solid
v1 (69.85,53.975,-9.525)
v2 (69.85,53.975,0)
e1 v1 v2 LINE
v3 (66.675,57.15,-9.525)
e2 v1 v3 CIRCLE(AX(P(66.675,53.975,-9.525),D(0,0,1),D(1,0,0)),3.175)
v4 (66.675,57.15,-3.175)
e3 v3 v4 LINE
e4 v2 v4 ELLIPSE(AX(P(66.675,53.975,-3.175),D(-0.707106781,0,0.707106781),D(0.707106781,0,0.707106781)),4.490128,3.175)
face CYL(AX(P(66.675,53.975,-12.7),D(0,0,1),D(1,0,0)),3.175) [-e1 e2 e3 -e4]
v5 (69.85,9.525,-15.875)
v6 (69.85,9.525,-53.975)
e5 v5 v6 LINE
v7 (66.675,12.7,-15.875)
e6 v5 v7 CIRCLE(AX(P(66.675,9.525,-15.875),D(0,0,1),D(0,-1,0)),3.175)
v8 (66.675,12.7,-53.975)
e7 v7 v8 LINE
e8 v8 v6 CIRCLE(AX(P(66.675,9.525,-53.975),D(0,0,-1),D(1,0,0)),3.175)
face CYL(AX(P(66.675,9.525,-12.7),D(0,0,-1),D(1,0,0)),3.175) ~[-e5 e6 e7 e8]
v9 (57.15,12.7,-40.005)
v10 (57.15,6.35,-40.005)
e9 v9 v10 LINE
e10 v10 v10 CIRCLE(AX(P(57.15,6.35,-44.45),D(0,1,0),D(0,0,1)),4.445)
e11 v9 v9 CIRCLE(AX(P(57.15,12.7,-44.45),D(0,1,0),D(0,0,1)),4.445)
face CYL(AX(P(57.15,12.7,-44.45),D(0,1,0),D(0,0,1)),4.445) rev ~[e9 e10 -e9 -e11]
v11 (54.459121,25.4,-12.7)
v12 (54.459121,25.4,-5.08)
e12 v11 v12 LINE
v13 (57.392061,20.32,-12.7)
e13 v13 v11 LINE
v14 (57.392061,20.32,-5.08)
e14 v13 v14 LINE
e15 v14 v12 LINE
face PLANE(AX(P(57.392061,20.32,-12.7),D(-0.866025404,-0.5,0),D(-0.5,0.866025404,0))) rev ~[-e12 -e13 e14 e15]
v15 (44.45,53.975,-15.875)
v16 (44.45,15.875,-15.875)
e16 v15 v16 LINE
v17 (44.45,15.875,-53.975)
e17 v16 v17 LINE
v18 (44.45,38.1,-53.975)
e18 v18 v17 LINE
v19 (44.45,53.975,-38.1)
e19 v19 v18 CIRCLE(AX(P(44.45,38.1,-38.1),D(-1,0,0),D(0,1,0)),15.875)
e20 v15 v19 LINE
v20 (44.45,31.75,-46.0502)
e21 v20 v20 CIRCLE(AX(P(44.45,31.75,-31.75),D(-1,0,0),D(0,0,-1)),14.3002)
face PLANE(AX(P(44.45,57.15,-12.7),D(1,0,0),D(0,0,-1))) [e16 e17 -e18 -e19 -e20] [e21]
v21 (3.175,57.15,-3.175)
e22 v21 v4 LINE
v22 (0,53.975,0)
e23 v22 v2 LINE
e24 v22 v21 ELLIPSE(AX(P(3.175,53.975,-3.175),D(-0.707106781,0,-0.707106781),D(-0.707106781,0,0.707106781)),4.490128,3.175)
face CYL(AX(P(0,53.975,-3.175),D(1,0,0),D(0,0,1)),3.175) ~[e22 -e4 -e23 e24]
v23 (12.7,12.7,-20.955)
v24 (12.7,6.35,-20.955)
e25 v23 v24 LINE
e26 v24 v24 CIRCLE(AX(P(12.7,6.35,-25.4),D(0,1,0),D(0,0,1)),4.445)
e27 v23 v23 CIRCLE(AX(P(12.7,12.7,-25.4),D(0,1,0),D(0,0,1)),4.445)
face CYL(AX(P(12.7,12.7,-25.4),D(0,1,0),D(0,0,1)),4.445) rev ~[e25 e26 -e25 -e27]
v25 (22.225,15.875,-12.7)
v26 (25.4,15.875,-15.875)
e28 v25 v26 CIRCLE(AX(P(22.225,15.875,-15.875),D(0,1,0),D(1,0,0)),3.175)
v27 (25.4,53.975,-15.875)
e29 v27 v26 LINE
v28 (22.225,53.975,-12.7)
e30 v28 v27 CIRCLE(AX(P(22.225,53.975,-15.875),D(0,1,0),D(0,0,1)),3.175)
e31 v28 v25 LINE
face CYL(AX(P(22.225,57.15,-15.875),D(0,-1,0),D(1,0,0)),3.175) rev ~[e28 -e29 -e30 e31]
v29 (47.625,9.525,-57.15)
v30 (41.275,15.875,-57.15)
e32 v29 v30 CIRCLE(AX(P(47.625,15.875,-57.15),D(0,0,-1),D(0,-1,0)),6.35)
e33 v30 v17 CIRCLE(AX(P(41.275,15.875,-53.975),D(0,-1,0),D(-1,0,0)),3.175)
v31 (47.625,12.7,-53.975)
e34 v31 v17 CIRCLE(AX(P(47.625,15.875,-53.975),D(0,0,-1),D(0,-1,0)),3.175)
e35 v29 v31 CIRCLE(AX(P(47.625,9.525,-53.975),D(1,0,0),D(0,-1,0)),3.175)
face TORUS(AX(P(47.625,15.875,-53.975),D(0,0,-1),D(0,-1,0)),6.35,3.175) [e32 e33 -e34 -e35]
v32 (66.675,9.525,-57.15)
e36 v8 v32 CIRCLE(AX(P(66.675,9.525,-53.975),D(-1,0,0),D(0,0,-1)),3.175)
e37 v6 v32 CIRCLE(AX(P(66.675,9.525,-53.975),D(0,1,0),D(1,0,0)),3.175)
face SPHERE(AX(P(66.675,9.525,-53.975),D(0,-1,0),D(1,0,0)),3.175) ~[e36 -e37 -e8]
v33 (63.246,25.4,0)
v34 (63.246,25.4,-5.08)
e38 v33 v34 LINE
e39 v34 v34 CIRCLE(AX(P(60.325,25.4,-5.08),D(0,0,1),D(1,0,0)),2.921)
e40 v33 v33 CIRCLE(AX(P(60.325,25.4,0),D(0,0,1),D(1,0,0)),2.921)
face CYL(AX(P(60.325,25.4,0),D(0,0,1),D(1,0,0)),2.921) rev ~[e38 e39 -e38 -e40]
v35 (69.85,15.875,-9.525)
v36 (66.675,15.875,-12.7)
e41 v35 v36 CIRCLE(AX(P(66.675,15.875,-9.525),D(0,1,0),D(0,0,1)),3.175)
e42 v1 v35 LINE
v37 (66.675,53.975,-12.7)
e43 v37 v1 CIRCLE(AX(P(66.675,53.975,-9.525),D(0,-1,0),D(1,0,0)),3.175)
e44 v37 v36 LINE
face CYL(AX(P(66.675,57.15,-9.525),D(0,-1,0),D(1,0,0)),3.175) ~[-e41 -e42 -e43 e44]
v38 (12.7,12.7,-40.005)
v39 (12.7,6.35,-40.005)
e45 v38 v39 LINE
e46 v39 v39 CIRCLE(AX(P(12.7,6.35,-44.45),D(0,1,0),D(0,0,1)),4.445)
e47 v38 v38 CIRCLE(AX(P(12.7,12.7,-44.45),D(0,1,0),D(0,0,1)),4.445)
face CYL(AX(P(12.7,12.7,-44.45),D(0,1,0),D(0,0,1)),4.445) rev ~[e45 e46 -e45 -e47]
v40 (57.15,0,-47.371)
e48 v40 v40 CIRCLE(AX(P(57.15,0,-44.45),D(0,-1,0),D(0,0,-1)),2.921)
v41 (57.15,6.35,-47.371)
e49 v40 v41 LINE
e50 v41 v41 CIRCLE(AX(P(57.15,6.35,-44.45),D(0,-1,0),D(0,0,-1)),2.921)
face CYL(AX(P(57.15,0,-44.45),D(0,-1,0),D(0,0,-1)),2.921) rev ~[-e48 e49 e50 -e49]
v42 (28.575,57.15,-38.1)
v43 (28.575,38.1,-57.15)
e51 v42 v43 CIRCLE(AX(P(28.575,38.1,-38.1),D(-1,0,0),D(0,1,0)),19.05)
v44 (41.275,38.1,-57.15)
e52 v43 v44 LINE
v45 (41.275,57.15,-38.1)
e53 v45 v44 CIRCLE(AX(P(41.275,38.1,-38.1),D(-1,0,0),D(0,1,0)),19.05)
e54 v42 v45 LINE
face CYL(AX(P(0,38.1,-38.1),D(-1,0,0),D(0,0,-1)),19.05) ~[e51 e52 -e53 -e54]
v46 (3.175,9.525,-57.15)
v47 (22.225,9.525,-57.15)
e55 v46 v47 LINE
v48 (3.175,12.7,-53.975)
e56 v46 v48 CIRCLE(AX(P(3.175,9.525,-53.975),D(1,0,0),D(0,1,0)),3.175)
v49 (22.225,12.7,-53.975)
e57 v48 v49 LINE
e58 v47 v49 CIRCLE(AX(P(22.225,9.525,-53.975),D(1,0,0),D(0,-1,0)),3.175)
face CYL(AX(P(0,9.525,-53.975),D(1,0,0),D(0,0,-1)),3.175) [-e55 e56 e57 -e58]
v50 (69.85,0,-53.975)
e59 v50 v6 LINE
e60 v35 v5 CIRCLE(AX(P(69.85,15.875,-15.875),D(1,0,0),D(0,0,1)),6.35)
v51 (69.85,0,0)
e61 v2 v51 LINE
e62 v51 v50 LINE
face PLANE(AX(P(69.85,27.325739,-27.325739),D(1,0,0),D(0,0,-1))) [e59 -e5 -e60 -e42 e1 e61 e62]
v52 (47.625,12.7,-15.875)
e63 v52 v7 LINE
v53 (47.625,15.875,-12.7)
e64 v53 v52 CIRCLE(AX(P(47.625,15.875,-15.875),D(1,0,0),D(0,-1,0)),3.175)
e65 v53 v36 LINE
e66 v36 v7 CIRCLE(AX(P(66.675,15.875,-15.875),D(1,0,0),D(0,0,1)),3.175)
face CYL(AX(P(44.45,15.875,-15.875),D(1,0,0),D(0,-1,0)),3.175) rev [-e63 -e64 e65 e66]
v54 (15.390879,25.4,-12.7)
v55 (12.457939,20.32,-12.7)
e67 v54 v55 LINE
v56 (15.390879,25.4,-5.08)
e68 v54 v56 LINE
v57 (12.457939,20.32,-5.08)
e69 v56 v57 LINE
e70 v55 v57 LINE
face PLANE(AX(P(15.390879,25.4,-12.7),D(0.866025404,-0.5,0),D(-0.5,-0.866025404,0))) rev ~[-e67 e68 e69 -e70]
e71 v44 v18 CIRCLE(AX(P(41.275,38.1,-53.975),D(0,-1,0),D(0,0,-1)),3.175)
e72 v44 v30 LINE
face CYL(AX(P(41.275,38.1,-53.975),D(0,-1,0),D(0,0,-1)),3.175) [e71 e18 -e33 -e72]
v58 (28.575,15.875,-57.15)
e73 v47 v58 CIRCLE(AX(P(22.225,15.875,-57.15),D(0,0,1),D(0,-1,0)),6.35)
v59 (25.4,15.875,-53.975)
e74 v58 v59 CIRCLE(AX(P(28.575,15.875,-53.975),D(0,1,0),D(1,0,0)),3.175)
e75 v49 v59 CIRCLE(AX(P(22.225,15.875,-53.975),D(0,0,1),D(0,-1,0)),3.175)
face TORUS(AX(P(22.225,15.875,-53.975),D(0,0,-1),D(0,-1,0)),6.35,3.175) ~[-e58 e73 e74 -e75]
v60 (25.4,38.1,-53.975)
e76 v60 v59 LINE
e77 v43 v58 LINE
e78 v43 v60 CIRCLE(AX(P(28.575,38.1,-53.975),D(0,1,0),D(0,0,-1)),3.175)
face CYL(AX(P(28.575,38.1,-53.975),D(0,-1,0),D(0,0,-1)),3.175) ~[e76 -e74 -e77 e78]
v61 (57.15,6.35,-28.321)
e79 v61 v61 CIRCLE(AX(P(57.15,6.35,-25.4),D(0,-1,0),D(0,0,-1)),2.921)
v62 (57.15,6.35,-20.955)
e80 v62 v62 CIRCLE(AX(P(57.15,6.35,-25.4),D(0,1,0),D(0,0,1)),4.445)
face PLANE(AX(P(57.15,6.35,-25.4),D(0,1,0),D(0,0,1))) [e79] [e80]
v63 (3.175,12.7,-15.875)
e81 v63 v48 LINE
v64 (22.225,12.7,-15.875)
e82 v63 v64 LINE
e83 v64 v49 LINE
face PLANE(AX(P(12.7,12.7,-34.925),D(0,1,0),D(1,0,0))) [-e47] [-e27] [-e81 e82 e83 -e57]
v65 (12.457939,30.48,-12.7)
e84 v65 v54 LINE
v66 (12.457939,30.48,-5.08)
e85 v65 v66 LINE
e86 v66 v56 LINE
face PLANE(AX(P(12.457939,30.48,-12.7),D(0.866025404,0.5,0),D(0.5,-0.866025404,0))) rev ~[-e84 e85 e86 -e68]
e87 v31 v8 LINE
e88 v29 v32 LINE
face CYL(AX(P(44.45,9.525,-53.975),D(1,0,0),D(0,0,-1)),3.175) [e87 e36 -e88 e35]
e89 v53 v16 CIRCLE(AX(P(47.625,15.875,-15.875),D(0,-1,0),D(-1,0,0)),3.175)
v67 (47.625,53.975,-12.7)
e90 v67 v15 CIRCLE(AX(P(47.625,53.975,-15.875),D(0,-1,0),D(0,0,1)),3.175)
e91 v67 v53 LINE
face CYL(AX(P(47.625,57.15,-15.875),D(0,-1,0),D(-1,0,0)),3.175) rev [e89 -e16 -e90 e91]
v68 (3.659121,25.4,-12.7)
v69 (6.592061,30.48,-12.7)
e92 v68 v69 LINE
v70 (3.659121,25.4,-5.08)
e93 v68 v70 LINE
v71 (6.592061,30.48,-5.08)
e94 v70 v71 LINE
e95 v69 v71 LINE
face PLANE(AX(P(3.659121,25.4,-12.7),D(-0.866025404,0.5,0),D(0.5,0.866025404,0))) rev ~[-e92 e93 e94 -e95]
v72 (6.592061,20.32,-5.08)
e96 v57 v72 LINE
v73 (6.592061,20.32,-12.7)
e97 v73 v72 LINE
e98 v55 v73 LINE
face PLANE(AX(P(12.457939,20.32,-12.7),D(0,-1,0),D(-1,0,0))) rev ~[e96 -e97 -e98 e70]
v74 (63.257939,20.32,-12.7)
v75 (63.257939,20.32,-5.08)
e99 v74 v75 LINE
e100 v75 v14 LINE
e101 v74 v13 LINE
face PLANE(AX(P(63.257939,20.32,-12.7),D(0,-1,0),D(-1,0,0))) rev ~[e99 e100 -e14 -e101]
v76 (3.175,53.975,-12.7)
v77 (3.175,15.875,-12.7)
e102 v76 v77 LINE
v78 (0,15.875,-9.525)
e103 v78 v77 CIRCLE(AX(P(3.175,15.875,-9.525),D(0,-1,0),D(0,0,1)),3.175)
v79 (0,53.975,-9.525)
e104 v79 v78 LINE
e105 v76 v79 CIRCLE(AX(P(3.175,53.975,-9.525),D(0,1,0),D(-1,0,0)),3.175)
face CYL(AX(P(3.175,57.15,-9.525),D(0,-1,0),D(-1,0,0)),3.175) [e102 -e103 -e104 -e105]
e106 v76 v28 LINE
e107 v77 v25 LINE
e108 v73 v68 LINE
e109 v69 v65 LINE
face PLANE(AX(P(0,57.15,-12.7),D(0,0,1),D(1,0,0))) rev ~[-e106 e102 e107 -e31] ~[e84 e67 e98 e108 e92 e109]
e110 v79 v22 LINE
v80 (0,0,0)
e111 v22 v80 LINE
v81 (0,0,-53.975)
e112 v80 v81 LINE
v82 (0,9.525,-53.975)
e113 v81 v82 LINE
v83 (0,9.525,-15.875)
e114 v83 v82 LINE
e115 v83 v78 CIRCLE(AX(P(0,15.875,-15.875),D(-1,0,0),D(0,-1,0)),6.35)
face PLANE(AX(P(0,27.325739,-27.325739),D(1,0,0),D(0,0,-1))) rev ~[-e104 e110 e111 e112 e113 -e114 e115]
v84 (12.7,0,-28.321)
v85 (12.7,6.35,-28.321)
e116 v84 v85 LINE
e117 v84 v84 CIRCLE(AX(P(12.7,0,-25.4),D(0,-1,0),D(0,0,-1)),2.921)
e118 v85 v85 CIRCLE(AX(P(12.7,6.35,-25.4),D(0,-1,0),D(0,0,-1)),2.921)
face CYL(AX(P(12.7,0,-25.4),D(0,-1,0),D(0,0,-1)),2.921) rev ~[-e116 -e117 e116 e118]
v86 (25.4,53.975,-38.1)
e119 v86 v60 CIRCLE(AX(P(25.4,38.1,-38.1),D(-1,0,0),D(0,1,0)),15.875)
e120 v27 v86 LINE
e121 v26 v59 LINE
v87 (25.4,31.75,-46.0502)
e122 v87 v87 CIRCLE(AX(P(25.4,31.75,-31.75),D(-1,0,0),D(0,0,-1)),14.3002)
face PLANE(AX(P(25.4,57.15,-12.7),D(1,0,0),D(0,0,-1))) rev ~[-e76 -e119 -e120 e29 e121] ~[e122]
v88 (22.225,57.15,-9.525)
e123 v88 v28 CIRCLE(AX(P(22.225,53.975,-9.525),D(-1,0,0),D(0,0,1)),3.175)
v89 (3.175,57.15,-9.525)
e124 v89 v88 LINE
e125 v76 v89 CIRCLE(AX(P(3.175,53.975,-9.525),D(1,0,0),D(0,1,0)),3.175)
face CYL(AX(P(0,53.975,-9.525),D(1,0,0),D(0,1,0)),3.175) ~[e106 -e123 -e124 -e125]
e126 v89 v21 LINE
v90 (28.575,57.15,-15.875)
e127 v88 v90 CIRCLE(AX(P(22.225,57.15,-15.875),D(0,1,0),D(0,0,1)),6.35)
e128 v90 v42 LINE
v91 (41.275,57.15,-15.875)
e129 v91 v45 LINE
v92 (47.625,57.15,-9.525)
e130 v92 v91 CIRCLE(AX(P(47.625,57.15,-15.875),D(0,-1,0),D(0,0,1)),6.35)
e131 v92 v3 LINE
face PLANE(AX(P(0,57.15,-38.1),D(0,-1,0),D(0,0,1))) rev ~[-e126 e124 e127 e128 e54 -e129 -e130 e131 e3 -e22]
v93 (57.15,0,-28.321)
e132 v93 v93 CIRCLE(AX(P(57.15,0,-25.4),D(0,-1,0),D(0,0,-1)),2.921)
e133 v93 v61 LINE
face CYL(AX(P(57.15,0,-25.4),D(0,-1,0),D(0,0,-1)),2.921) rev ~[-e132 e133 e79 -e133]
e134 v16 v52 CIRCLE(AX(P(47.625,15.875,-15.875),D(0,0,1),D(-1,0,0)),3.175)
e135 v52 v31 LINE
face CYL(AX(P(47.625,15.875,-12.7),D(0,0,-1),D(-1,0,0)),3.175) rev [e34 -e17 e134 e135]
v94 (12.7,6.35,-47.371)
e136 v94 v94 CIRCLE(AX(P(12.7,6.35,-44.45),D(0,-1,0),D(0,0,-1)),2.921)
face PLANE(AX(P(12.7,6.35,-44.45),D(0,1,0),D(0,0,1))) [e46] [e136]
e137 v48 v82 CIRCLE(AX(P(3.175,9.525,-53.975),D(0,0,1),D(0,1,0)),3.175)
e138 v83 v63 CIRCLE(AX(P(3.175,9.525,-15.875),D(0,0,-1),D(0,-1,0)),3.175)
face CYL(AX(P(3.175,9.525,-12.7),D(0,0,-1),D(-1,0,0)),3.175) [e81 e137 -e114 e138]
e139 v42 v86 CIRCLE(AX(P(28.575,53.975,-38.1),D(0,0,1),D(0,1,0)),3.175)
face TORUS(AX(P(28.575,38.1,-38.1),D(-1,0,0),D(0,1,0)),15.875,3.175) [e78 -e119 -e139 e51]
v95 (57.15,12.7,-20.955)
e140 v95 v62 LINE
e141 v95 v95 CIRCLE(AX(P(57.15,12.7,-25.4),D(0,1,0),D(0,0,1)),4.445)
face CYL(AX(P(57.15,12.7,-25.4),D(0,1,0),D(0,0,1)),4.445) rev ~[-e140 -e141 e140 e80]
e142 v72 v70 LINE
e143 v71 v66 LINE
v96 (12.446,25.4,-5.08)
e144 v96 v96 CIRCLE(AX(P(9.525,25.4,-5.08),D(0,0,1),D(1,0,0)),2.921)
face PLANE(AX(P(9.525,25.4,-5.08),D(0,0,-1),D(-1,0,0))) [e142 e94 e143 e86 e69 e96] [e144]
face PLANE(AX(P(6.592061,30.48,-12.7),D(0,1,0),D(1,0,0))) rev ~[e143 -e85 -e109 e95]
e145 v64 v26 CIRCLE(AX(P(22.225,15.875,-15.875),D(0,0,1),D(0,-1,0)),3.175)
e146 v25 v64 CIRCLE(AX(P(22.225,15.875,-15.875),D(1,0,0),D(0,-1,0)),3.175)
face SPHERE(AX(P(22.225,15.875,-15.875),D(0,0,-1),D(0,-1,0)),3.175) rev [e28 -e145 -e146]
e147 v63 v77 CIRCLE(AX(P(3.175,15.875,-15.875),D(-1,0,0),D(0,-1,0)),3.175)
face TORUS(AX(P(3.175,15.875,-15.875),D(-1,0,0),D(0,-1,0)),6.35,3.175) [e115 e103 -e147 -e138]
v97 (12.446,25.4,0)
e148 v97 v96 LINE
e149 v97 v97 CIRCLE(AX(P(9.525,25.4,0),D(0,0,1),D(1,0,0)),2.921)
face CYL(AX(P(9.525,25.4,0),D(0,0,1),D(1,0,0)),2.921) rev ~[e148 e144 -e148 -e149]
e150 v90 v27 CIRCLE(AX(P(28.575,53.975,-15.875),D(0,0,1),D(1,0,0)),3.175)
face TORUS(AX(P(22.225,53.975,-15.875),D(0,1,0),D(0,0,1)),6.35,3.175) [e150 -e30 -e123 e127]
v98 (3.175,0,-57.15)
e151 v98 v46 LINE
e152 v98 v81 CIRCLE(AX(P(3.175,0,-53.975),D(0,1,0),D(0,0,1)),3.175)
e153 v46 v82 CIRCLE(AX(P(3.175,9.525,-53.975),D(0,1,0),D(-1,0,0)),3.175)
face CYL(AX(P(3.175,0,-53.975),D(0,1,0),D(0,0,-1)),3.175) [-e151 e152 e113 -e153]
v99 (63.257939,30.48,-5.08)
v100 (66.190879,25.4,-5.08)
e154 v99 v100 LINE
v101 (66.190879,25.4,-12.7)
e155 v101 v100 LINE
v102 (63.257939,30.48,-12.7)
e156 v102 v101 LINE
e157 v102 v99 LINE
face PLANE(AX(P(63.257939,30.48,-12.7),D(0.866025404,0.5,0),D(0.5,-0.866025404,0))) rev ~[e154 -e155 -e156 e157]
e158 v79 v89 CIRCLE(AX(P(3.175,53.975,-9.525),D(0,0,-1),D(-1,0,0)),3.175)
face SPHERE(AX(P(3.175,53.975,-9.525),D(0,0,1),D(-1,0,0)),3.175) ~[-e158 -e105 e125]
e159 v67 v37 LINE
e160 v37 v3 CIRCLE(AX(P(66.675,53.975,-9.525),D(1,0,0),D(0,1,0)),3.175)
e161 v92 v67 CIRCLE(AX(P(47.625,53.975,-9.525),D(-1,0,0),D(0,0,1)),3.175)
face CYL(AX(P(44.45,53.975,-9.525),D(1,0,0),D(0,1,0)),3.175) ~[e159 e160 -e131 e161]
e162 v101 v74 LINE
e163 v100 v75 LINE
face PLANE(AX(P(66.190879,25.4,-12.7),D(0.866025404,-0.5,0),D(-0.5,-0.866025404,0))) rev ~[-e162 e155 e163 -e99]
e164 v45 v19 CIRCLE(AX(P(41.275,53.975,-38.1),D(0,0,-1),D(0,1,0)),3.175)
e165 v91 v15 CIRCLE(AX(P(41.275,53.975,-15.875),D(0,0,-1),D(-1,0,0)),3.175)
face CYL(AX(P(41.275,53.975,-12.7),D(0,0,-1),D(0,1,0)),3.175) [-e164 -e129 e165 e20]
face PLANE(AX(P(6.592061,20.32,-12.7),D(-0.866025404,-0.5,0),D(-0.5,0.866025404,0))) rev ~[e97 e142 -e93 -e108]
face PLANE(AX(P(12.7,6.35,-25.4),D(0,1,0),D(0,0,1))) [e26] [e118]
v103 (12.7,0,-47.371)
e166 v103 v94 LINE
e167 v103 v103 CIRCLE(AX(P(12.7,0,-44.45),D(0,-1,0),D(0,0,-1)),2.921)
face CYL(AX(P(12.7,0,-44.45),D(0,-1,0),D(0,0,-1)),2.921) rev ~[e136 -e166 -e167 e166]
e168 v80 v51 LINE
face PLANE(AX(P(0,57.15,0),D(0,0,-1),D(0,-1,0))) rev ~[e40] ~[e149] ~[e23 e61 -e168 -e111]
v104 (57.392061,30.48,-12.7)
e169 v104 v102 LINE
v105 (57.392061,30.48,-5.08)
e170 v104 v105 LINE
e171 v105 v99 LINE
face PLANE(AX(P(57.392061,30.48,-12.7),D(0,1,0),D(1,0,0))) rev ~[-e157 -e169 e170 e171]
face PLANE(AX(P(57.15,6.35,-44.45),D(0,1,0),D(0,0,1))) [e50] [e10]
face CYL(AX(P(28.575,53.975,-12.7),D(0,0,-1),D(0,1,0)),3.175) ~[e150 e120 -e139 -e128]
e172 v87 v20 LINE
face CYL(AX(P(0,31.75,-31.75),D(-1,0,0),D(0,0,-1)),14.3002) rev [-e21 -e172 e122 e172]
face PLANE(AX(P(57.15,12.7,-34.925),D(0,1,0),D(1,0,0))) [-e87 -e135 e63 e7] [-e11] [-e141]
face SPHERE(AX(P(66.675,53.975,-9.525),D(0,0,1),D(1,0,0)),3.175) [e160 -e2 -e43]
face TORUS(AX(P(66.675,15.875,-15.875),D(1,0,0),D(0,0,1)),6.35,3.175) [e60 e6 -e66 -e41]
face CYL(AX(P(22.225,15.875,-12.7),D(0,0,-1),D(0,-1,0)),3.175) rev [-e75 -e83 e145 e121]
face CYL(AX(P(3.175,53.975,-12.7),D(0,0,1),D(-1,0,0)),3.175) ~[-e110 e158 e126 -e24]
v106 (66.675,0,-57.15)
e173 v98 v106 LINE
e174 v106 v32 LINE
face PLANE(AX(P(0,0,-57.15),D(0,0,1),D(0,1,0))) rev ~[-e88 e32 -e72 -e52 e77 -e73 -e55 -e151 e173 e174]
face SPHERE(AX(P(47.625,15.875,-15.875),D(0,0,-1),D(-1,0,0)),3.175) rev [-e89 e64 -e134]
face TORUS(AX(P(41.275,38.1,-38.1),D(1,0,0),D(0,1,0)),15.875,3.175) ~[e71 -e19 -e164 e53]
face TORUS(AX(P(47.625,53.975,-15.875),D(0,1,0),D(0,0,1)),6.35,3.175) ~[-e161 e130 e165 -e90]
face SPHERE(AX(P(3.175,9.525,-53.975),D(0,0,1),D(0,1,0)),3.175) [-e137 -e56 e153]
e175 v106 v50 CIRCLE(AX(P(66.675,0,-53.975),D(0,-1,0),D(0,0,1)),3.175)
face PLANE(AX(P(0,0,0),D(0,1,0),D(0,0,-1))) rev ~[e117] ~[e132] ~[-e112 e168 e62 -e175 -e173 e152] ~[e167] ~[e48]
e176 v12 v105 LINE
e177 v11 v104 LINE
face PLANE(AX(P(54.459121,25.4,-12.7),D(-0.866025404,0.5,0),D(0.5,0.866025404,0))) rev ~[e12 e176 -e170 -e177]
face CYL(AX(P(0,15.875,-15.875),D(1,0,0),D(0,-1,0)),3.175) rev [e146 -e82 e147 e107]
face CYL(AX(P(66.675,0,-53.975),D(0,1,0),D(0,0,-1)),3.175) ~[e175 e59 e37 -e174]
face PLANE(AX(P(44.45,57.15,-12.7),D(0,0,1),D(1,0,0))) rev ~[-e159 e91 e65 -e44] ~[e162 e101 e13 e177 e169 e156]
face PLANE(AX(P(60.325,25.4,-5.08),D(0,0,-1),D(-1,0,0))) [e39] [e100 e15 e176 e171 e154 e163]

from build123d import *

# Parameters (mm, degrees)
SKETCH1_R           = 14.3002
BOSS_EXTRUDE1_DEPTH = 69.85
SKETCH2_W           = 25.4
SKETCH2_H           = 44.45
CUT_EXTRUDE1_DEPTH  = 44.45
FILLET1_R           = 3.175
SKETCH3_R           = 2.921
CUT_EXTRUDE2_DEPTH  = 107.823534499
SKETCH4_R           = 2.921
CUT_EXTRUDE3_DEPTH  = 107.823534499
SKETCH5_R           = 4.445
CUT_EXTRUDE4_DEPTH  = 6.35
CUT_EXTRUDE5_DEPTH  = 7.62


with BuildPart() as part:
    # Sketch1 → Boss-Extrude1 (new body)
    with BuildSketch(Plane(origin=(0, 0, 0), x_dir=(0, 0, -1), z_dir=(1, 0, 0))):
        with BuildLine():
            Line((0, 0), (57.15, 0))
            Line((57.15, 0), (57.15, 38.1))
            ThreePointArc((57.15, 38.1), (51.570384182, 51.570384182), (38.1, 57.15))
            Line((38.1, 57.15), (0, 57.15))
            Line((0, 57.15), (0, 0))
        make_face()
        with Locations((31.75, 31.75)):
            Circle(SKETCH1_R, mode=Mode.SUBTRACT)
    extrude(amount=BOSS_EXTRUDE1_DEPTH)

    # Sketch2 → Cut-Extrude1 (cut)
    with BuildSketch(Plane(origin=(0, 57.15, 0), x_dir=(1, 0, 0), z_dir=(0, 1, 0))):
        with Locations((12.7, 34.925)):
            Rectangle(SKETCH2_W, SKETCH2_H)
        with Locations((57.15, 34.925)):
            Rectangle(SKETCH2_W, SKETCH2_H)
    extrude(amount=-CUT_EXTRUDE1_DEPTH, mode=Mode.SUBTRACT)

    # Fillet1
    fillet1_edges = [part.edges().sort_by_distance(p)[0] for p in [
        (69.85, 6.35, -57.15),
        (0, 57.15, -6.35),
        (69.85, 57.15, -6.35),
        (0, 12.7, -34.925),
        (0, 34.925, -12.7),
        (25.4, 25.4, -57.15),
        (25.4, 51.570384182, -51.570384182),
        (25.4, 12.7, -34.925),
        (12.7, 12.7, -57.15),
        (12.7, 12.7, -12.7),
        (25.4, 34.925, -12.7),
        (25.4, 57.15, -25.4),
        (12.7, 57.15, -12.7),
        (44.45, 51.570384182, -51.570384182),
        (44.45, 12.7, -34.925),
        (44.45, 34.925, -12.7),
        (69.85, 12.7, -34.925),
        (57.15, 12.7, -12.7),
        (69.85, 34.925, -12.7),
        (57.15, 12.7, -57.15),
        (44.45, 25.4, -57.15),
        (44.45, 57.15, -25.4),
        (57.15, 57.15, -12.7),
        (0, 6.35, -57.15),
        (34.925, 57.15, 0),
    ]]
    fillet(fillet1_edges, radius=FILLET1_R)

    # Sketch3 → Cut-Extrude2 (cut, through all)
    with BuildSketch(Plane.XY):
        with Locations((9.525, 25.4)):
            Circle(SKETCH3_R)
        with Locations((60.325, 25.4)):
            Circle(SKETCH3_R)
    extrude(amount=-CUT_EXTRUDE2_DEPTH, mode=Mode.SUBTRACT)

    # Sketch4 → Cut-Extrude3 (cut, through all)
    with BuildSketch(Plane.XZ):
        with Locations(Location((57.15, -25.4, 0), (0, 0, 270))):
            Circle(SKETCH4_R)
        with Locations(Location((57.15, -44.45, 0), (0, 0, 270))):
            Circle(SKETCH4_R)
        with Locations(Location((12.7, -25.4, 0), (0, 0, 270))):
            Circle(SKETCH4_R)
        with Locations(Location((12.7, -44.45, 0), (0, 0, 270))):
            Circle(SKETCH4_R)
    extrude(amount=-CUT_EXTRUDE3_DEPTH, mode=Mode.SUBTRACT)

    # Sketch5 → Cut-Extrude4 (cut)
    with BuildSketch(Plane(origin=(0, 12.7, 0), x_dir=(1, 0, 0), z_dir=(0, 1, 0))):
        with Locations(Location((12.7, 25.4, 0), (0, 0, 270))):
            Circle(SKETCH5_R)
        with Locations(Location((12.7, 44.45, 0), (0, 0, 270))):
            Circle(SKETCH5_R)
        with Locations(Location((57.15, 44.45, 0), (0, 0, 270))):
            Circle(SKETCH5_R)
        with Locations(Location((57.15, 25.4, 0), (0, 0, 270))):
            Circle(SKETCH5_R)
    extrude(amount=-CUT_EXTRUDE4_DEPTH, mode=Mode.SUBTRACT)

    # Sketch6 → Cut-Extrude5 (cut)
    with BuildSketch(Plane(origin=(0, 0, -12.7), x_dir=(-1, 0, 0), z_dir=(0, 0, -1))):
        Polygon((-57.392060633, 30.48), (-63.257939367, 30.48), (-66.190878735, 25.4), (-63.257939367, 20.32), (-57.392060633, 20.32), (-54.459121265, 25.4), align=None)
        Polygon((-6.592060633, 30.48), (-12.457939367, 30.48), (-15.390878735, 25.4), (-12.457939367, 20.32), (-6.592060633, 20.32), (-3.659121265, 25.4), align=None)
    extrude(amount=-CUT_EXTRUDE5_DEPTH, mode=Mode.SUBTRACT)


solid = part.part
